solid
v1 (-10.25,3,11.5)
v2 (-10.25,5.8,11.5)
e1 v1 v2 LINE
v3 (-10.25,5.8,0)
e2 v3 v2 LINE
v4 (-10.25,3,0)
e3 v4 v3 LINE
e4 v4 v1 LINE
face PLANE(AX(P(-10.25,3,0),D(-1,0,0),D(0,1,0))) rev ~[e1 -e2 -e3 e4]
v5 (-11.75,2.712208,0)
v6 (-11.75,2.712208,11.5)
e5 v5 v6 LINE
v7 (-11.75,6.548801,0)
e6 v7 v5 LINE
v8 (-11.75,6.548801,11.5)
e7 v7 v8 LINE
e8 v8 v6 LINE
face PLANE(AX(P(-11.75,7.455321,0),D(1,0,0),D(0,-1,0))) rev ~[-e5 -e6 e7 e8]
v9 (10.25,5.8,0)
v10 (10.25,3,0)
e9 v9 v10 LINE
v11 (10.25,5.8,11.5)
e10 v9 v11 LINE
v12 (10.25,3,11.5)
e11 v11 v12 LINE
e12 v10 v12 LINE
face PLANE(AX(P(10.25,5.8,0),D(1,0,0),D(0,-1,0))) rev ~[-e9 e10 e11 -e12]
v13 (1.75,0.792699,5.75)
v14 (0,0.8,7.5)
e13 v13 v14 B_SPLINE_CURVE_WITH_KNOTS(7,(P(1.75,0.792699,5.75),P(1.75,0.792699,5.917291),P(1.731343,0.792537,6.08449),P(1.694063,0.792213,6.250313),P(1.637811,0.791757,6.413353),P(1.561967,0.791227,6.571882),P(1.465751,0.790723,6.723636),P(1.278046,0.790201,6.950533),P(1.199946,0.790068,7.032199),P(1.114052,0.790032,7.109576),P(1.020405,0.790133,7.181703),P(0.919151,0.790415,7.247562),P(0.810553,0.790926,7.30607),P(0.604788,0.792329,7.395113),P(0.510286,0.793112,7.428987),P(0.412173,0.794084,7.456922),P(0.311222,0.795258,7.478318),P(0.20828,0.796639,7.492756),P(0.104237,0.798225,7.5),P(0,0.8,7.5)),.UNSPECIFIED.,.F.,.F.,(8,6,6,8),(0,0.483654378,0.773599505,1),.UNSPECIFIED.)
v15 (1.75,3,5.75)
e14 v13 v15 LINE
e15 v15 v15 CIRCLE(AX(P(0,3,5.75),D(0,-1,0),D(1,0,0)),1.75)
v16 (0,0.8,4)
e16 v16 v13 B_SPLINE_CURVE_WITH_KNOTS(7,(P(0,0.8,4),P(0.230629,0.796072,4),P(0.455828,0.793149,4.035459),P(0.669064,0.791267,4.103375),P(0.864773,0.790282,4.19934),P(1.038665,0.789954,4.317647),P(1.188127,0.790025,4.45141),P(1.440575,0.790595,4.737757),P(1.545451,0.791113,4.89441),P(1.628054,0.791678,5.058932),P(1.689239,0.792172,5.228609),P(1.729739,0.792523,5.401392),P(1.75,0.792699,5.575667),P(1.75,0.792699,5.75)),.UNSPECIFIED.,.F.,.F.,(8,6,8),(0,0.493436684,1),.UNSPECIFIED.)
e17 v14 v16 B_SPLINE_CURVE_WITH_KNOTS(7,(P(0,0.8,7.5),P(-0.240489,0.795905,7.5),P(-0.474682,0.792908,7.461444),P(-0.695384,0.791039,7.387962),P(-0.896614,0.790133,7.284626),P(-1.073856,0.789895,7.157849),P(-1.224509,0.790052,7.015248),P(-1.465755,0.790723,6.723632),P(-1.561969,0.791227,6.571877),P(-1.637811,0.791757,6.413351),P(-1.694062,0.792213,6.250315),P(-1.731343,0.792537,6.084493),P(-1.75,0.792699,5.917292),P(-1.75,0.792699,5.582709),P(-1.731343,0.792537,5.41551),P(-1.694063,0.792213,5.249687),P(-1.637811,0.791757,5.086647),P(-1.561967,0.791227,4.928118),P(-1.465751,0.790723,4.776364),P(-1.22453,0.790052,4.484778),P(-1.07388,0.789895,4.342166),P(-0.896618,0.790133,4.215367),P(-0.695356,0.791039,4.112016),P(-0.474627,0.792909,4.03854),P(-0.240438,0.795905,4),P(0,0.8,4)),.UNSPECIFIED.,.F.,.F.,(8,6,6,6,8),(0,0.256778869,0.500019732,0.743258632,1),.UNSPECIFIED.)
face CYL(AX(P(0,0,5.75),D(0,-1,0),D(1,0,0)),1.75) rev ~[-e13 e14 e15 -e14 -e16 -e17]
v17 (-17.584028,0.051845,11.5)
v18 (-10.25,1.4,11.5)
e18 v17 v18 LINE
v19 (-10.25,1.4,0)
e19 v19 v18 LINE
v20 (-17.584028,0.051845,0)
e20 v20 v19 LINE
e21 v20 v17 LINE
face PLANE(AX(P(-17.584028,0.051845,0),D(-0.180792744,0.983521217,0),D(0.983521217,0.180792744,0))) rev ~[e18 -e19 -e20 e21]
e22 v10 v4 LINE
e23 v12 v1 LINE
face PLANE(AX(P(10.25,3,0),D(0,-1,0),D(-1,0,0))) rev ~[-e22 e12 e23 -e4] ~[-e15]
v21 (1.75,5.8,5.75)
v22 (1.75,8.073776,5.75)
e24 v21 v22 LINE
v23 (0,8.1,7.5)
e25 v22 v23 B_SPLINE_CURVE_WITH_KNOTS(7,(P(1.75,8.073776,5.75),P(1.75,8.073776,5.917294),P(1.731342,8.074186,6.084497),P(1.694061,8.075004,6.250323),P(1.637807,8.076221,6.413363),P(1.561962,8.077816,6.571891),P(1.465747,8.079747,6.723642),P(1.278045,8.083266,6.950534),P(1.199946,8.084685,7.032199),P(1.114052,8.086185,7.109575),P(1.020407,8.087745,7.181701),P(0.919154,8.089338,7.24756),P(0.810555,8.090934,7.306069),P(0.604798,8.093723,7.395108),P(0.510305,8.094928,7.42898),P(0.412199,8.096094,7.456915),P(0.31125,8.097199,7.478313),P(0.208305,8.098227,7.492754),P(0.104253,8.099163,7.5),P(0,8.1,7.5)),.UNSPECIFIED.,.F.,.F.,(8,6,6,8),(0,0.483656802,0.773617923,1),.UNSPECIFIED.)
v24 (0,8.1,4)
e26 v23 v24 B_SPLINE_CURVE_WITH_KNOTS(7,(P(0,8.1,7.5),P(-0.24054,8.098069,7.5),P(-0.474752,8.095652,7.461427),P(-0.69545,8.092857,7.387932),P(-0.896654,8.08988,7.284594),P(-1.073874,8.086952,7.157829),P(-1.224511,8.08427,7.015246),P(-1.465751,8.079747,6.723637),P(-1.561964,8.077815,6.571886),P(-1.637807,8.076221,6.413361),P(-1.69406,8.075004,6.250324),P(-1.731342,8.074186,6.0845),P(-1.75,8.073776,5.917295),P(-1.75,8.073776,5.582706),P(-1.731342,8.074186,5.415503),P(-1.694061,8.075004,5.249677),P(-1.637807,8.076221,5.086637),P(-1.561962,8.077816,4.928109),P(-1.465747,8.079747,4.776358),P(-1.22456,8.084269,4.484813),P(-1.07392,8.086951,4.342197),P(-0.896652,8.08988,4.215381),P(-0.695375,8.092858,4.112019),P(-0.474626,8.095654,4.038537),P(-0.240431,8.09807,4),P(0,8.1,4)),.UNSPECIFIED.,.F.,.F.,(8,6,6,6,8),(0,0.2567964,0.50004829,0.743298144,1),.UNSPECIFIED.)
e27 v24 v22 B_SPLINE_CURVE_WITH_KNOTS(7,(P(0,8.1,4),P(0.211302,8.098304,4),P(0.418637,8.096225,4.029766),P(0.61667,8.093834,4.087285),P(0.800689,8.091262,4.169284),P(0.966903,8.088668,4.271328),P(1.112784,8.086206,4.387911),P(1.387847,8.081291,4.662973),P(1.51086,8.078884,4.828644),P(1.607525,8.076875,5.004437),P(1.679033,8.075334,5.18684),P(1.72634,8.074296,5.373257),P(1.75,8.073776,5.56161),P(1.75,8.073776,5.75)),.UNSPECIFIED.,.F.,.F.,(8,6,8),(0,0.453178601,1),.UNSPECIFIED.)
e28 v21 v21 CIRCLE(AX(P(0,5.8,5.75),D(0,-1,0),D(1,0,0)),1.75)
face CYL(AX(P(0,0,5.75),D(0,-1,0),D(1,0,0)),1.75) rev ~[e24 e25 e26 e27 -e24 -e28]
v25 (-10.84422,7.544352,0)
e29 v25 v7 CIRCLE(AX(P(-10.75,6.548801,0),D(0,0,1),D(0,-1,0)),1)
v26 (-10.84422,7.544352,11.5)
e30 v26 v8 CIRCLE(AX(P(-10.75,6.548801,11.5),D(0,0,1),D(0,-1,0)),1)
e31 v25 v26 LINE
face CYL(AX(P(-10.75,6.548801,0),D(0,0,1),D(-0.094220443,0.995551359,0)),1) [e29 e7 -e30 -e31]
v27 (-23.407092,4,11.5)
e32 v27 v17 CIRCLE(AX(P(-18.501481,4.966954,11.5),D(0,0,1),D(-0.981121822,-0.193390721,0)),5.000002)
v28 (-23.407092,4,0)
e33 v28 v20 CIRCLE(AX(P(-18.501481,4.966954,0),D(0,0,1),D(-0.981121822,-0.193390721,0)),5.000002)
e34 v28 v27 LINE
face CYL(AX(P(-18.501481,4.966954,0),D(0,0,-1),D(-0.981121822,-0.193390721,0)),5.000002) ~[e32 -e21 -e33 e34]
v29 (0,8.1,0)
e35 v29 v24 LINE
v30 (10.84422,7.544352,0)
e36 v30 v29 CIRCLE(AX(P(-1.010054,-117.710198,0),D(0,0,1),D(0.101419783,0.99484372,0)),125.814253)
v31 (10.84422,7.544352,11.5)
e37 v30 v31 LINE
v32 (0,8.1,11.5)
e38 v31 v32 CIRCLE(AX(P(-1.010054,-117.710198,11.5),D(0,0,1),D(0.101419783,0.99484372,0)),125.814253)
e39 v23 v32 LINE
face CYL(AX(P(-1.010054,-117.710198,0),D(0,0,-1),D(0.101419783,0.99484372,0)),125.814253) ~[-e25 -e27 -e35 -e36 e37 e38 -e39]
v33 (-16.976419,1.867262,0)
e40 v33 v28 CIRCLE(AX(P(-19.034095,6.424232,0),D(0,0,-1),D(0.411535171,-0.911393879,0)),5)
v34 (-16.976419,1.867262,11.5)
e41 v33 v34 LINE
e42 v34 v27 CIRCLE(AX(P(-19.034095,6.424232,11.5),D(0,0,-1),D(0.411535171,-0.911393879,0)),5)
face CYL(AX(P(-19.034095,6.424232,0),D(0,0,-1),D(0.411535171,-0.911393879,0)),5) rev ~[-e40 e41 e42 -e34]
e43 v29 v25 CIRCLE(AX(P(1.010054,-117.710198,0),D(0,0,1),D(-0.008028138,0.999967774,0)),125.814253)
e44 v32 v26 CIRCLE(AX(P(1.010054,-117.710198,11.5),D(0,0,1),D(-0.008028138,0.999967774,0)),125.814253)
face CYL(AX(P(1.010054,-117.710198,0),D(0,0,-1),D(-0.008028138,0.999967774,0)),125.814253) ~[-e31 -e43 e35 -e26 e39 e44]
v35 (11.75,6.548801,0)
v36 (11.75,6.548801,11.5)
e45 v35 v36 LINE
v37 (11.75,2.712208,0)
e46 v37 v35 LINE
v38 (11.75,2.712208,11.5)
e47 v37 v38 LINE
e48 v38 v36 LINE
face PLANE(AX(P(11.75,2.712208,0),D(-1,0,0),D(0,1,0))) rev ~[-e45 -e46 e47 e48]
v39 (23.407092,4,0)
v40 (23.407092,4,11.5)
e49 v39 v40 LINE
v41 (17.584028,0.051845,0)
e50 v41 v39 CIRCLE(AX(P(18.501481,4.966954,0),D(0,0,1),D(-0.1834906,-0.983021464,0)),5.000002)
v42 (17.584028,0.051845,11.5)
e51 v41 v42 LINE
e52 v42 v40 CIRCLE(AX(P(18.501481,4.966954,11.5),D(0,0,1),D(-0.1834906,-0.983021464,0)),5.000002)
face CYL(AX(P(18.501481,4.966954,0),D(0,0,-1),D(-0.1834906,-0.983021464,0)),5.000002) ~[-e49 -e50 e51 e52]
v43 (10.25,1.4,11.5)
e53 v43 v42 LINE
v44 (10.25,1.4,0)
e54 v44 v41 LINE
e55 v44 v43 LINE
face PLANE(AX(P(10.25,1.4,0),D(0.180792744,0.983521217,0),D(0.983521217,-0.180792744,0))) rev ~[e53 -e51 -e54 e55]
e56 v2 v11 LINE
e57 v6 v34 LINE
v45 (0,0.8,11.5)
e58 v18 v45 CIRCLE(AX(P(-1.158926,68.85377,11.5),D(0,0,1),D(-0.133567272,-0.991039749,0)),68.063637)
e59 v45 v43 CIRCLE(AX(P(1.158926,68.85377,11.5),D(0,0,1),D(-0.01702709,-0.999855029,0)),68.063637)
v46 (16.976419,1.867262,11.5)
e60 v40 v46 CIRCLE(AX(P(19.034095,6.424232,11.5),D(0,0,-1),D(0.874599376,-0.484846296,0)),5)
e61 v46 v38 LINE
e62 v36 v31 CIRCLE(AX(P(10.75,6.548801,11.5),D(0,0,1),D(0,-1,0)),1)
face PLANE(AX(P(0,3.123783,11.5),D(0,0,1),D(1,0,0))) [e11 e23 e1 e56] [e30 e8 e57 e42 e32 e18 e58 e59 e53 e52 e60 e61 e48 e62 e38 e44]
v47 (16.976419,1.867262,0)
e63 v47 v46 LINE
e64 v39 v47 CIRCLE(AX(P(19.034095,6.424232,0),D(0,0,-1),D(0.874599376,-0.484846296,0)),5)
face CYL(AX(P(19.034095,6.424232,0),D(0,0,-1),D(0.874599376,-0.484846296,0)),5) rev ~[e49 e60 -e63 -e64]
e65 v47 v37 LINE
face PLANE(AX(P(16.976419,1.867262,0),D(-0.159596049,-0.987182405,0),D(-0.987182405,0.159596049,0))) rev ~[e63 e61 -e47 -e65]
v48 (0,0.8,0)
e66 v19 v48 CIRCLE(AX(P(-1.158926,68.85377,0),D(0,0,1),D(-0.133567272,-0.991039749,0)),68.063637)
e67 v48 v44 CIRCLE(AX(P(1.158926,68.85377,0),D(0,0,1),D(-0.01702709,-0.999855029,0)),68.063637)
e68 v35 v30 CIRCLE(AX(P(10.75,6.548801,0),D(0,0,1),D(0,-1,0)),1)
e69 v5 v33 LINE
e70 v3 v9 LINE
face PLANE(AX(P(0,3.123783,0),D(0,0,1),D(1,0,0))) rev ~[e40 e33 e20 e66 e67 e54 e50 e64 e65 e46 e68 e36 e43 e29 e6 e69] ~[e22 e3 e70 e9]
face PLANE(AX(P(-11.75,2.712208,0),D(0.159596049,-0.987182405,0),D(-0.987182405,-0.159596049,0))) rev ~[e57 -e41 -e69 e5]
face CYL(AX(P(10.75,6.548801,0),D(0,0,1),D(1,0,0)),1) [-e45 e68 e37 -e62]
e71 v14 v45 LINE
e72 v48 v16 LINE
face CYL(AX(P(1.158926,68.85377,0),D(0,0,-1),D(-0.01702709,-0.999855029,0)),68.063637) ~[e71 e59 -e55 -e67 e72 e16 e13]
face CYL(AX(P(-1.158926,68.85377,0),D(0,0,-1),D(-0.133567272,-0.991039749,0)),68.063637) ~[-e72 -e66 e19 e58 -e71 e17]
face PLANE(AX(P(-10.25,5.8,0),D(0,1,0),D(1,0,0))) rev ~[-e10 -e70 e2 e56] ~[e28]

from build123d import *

# Parameters (mm, degrees)
F1_DEPTH = 11.5
F2_R     = 1.75
F3_DEPTH = 25
F4_R     = 1


with BuildPart() as f1:
    # F0 (on Top) → F1 (new body)
    with BuildSketch(Plane.XY):
        with BuildLine():
            ThreePointArc((0, 0.8), (5.13633, 0.906445), (10.25, 1.4))
            Line((10.25, 1.4), (17.584028, 0.051845))
            ThreePointArc((17.584028, 0.051845), (21.307427, 0.828514), (23.407092, 4))
            ThreePointArc((23.407092, 4), (20.608046, 1.678425), (16.976419, 1.867262))
            Line((16.976419, 1.867262), (11.75, 2.712208))
            Line((11.75, 2.712208), (11.75, 7.455321))
            ThreePointArc((11.75, 7.455321), (5.882541, 7.915111), (0, 8.1))
            ThreePointArc((0, 8.1), (-5.882541, 7.915111), (-11.75, 7.455321))
            Line((-11.75, 7.455321), (-11.75, 2.712208))
            Line((-11.75, 2.712208), (-16.976419, 1.867262))
            ThreePointArc((-16.976419, 1.867262), (-20.608046, 1.678425), (-23.407092, 4))
            ThreePointArc((-23.407092, 4), (-21.307427, 0.828514), (-17.584028, 0.051845))
            Line((-17.584028, 0.051845), (-10.25, 1.4))
            ThreePointArc((-10.25, 1.4), (-5.13633, 0.906445), (0, 0.8))
        make_face()
        Polygon((10.25, 5.8), (10.25, 3), (0, 3), (-10.25, 3), (-10.25, 5.8), (0, 5.8), align=None, mode=Mode.SUBTRACT)
    extrude(amount=F1_DEPTH)

    # F2 (on Front) → F3 (cut)
    with BuildSketch(Plane.XZ):
        with Locations((0, 5.75)):
            Circle(F2_R)
    extrude(amount=-F3_DEPTH, mode=Mode.SUBTRACT)

    # F4
    f4_edges = [f1.edges().sort_by_distance(p)[0] for p in [
        (-11.75, 7.455321, 5.75),
        (11.75, 7.455321, 5.75),
    ]]
    fillet(f4_edges, radius=F4_R)


solid = f1.part
